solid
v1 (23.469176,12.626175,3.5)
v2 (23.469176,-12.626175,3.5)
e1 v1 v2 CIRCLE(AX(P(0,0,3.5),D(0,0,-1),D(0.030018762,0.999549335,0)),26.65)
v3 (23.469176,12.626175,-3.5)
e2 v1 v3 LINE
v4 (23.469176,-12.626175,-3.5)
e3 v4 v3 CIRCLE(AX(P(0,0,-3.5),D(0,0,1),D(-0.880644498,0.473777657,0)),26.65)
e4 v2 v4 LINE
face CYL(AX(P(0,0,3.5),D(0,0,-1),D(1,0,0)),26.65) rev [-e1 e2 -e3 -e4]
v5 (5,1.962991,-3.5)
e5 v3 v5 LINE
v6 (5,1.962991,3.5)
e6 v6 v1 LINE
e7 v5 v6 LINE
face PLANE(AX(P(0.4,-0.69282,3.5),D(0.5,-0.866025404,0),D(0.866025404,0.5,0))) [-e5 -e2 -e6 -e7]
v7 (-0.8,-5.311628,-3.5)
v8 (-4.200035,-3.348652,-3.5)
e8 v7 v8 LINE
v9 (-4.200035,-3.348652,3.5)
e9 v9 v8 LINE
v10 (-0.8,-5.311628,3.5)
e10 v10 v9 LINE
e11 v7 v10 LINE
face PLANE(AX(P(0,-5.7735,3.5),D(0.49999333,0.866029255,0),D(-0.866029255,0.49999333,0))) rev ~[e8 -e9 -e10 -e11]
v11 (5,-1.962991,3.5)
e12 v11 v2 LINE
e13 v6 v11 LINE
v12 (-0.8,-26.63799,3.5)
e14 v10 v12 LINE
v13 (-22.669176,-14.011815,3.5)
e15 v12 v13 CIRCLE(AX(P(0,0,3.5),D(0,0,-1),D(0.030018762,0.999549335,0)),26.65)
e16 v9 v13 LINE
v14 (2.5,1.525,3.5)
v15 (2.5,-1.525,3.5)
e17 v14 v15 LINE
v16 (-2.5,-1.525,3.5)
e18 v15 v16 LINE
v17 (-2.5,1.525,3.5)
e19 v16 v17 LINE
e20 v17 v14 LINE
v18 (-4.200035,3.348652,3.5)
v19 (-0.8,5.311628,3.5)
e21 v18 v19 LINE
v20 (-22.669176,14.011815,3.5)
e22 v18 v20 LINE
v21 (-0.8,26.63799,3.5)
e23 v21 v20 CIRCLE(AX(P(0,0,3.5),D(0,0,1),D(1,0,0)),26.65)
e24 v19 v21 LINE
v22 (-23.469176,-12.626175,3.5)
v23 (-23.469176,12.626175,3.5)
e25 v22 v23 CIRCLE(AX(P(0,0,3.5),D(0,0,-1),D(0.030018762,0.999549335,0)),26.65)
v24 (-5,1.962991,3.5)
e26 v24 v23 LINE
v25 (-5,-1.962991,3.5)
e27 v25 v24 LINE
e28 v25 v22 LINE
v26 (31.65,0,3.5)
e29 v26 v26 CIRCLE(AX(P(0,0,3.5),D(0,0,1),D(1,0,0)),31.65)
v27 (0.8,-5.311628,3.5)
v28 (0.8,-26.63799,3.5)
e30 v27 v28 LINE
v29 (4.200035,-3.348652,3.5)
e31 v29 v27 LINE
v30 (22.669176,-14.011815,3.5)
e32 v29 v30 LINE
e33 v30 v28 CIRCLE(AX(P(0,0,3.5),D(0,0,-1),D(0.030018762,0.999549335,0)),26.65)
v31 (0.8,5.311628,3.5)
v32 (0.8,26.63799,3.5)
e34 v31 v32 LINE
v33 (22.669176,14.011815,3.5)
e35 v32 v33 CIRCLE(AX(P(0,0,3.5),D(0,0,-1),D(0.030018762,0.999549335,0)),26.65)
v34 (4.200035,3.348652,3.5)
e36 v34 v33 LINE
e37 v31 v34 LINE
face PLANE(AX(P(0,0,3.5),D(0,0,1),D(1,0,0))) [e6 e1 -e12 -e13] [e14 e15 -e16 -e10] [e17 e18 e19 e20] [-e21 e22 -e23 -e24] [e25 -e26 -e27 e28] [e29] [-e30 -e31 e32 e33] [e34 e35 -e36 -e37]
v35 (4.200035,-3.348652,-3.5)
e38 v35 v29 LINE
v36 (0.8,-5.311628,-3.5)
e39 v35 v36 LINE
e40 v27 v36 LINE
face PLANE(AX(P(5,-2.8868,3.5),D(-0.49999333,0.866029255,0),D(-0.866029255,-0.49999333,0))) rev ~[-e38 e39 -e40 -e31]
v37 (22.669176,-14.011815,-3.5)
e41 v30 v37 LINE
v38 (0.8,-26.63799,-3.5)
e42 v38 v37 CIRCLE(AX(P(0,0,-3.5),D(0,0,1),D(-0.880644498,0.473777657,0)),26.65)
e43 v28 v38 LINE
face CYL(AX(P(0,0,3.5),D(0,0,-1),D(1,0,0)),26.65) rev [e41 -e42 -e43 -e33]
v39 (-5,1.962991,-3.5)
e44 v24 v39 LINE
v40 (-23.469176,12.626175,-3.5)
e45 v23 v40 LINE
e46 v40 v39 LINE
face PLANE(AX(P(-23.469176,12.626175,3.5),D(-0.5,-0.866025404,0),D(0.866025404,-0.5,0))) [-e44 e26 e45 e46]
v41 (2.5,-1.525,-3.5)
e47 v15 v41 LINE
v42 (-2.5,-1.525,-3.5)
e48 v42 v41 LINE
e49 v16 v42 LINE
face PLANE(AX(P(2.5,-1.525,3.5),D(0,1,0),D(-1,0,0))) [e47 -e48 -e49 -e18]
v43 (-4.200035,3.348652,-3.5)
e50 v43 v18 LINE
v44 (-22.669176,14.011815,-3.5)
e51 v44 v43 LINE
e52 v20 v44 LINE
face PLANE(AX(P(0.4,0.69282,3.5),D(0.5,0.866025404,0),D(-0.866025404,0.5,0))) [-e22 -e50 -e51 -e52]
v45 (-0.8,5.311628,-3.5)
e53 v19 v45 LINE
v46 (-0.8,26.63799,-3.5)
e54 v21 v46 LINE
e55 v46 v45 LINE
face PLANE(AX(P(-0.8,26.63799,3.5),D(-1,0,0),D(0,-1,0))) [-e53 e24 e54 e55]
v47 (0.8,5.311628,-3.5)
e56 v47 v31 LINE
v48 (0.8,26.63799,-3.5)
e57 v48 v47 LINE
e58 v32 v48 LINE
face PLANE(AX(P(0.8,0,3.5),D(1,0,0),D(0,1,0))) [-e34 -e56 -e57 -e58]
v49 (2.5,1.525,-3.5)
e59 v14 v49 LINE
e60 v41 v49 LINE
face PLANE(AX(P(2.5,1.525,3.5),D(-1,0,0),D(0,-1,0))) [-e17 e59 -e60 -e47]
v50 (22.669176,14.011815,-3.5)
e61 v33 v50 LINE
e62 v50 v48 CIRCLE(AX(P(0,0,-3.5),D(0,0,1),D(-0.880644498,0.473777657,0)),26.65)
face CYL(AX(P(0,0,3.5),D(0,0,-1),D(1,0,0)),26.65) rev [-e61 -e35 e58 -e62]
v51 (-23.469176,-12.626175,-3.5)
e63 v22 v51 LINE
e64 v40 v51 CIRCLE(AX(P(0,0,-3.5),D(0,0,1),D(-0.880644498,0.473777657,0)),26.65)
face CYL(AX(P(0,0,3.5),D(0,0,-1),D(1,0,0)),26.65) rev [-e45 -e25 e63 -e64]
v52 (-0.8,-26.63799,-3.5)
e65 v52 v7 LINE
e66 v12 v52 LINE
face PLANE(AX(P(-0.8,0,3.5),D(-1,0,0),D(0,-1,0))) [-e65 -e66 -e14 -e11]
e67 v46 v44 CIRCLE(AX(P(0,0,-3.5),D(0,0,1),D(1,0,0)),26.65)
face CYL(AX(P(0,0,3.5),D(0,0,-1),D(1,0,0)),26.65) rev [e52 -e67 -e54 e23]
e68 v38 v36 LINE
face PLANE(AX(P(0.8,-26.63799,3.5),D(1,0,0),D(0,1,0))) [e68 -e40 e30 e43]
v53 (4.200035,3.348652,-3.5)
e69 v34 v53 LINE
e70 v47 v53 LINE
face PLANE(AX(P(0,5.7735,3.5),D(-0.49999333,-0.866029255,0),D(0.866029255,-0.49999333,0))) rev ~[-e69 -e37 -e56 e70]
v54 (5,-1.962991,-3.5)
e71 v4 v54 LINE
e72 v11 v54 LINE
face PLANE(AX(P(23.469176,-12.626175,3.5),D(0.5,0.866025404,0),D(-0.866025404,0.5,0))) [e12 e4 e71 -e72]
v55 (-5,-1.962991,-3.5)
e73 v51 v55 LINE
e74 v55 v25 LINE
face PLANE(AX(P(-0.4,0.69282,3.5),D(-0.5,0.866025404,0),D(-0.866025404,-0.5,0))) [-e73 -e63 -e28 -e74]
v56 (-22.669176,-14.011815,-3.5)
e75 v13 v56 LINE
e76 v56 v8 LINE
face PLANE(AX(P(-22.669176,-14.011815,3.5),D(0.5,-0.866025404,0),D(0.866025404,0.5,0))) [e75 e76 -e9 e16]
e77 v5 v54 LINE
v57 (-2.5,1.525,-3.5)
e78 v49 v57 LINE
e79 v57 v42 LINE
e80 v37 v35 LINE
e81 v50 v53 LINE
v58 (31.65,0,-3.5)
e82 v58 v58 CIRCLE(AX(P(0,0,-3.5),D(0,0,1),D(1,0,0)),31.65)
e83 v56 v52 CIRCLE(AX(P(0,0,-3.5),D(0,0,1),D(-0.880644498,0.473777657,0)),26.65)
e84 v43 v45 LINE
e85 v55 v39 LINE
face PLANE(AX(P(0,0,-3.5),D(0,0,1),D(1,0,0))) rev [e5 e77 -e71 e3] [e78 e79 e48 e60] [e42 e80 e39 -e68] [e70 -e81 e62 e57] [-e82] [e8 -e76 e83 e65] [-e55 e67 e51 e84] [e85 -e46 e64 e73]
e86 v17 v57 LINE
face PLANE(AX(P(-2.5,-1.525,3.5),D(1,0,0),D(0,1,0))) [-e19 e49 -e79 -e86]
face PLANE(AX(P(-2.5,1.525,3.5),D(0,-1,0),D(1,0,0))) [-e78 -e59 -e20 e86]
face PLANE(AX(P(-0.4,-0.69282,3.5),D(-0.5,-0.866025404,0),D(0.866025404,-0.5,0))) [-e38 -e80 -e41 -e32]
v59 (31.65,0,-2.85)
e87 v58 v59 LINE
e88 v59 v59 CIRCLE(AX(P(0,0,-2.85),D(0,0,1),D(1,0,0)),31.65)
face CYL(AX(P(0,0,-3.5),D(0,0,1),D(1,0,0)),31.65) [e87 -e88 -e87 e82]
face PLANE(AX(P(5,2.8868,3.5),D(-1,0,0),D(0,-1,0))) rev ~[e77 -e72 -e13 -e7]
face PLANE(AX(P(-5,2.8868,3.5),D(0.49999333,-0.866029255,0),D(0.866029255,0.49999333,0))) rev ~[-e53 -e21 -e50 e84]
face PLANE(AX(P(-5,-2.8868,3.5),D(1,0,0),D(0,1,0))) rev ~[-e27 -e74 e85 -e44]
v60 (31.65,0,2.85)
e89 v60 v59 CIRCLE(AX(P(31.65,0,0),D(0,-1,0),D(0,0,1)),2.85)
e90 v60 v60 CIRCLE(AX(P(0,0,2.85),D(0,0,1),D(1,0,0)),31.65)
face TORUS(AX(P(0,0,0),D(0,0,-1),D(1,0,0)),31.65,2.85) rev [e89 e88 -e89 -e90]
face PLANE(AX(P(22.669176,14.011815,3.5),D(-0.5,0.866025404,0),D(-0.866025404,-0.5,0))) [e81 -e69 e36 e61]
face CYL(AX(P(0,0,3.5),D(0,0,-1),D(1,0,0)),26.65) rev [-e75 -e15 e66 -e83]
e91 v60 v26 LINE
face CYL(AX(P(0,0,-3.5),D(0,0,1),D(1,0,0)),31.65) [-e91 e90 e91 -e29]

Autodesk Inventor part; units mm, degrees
ref_plane "YZ Plane" through (0, 0, 0) normal (1, 0, 0) x (0, 1, 0)
ref_plane "XZ Plane" through (0, 0, 0) normal (0, 1, 0) x (-1, 0, 0)
ref_plane "XY Plane" through (0, 0, 0) normal (0, 0, 1) x (1, 0, 0)
sketch "スケッチ1" plane through (0, 0, 0) normal (0, 1, 0) x (-1, 0, 0)
  line L0 (0, 0) -> (-64.0652, 0) construction
  circle A0 centre (-31.65, 0) radius 2.85
  line L1 (-26.65, -3.5) -> (-31.65, -3.5)
  line L2 (-31.65, -3.5) -> (-31.65, 3.5)
  line L3 (-31.65, 3.5) -> (-26.65, 3.5)
  line L4 (-26.65, 3.5) -> (-26.65, -3.5)
  line L5 (0, -4.9) -> (0, 4.9) projected
  point P0 (-31.65, 2.85)
  point P1 (-31.65, -2.85)
  dimension "P_DIA" = 5.7
  dimension "P_D1" = 31.65
  dimension "d2" = 7
  dimension "d3" = 5
revolve "リム" add sketch "スケッチ1" angle 360 about axis through (0, 0, -10) along (0, 0, 1) contours A0 L2 L3 L4 L1
sketch "スケッチ3" plane through (0, 0, 3.5) normal (0, 0, 1) x (1, 0, 0)
  line L0 (-5, 2.8868) -> (0, 5.7735)
  line L1 (0, 5.7735) -> (5, 2.8868)
  line L2 (5, 2.8868) -> (5, -2.8868)
  line L3 (5, -2.8868) -> (0, -5.7735)
  line L4 (0, -5.7735) -> (-5, -2.8868)
  line L5 (-5, -2.8868) -> (-5, 2.8868)
  point P0 (0, 0)
  point P1 (0, 0)
  dimension "HUB_DIA" = 10
extrude "ハブ" add sketch "スケッチ3" against normal up to surface (7 mm away)
sketch "スケッチ4" plane through (0, 0, 3.5) normal (0, 0, 1) x (1, 0, 0)
  line L0 (-0.8, 0) -> (0.8, 0)
  line L1 (0.8, 0) -> (0.8, 26.65)
  line L2 (0.8, 26.65) -> (-0.8, 26.65)
  line L3 (-0.8, 26.65) -> (-0.8, 0)
  circle A0 centre (0, 0) radius 26.65 projected
  point P0 (0, 26.65)
  dimension "SPOKE_THIN" = 1.6
extrude "スポーク" add sketch "スケッチ4" against normal up to surface (7 mm away) contours L3 A0 L1 L0 | L3 L2 A0 | A0 L2 L1 picked at (0, 8.8833)
pattern_circular "円形状パターン1" count 6 over 360 about axis through (0, 0, -10) along (0, 0, 1) of "スポーク"
sketch "スケッチ5" plane through (0, 0, 3.5) normal (0, 0, 1) x (1, 0, 0)
  line L0 (-2.5, 1.525) -> (2.5, 1.525)
  line L1 (2.5, 1.525) -> (2.5, -1.525)
  line L2 (2.5, -1.525) -> (-2.5, -1.525)
  line L3 (-2.5, -1.525) -> (-2.5, 1.525)
  point P0 (0, 0)
  point P1 (0, 1.525)
  point P2 (-2.5, 0)
  dimension "d15" = 5
  dimension "d16" = 3.05
extrude "軸穴" cut sketch "スケッチ5" against normal through all
equation "\"P_D1\" = 0.5 * INNER_DIA + 0.5 * P_DIA"
equation "\"INNER_DIA\" = 57.6"
properties part number "Wheel-D69C"
